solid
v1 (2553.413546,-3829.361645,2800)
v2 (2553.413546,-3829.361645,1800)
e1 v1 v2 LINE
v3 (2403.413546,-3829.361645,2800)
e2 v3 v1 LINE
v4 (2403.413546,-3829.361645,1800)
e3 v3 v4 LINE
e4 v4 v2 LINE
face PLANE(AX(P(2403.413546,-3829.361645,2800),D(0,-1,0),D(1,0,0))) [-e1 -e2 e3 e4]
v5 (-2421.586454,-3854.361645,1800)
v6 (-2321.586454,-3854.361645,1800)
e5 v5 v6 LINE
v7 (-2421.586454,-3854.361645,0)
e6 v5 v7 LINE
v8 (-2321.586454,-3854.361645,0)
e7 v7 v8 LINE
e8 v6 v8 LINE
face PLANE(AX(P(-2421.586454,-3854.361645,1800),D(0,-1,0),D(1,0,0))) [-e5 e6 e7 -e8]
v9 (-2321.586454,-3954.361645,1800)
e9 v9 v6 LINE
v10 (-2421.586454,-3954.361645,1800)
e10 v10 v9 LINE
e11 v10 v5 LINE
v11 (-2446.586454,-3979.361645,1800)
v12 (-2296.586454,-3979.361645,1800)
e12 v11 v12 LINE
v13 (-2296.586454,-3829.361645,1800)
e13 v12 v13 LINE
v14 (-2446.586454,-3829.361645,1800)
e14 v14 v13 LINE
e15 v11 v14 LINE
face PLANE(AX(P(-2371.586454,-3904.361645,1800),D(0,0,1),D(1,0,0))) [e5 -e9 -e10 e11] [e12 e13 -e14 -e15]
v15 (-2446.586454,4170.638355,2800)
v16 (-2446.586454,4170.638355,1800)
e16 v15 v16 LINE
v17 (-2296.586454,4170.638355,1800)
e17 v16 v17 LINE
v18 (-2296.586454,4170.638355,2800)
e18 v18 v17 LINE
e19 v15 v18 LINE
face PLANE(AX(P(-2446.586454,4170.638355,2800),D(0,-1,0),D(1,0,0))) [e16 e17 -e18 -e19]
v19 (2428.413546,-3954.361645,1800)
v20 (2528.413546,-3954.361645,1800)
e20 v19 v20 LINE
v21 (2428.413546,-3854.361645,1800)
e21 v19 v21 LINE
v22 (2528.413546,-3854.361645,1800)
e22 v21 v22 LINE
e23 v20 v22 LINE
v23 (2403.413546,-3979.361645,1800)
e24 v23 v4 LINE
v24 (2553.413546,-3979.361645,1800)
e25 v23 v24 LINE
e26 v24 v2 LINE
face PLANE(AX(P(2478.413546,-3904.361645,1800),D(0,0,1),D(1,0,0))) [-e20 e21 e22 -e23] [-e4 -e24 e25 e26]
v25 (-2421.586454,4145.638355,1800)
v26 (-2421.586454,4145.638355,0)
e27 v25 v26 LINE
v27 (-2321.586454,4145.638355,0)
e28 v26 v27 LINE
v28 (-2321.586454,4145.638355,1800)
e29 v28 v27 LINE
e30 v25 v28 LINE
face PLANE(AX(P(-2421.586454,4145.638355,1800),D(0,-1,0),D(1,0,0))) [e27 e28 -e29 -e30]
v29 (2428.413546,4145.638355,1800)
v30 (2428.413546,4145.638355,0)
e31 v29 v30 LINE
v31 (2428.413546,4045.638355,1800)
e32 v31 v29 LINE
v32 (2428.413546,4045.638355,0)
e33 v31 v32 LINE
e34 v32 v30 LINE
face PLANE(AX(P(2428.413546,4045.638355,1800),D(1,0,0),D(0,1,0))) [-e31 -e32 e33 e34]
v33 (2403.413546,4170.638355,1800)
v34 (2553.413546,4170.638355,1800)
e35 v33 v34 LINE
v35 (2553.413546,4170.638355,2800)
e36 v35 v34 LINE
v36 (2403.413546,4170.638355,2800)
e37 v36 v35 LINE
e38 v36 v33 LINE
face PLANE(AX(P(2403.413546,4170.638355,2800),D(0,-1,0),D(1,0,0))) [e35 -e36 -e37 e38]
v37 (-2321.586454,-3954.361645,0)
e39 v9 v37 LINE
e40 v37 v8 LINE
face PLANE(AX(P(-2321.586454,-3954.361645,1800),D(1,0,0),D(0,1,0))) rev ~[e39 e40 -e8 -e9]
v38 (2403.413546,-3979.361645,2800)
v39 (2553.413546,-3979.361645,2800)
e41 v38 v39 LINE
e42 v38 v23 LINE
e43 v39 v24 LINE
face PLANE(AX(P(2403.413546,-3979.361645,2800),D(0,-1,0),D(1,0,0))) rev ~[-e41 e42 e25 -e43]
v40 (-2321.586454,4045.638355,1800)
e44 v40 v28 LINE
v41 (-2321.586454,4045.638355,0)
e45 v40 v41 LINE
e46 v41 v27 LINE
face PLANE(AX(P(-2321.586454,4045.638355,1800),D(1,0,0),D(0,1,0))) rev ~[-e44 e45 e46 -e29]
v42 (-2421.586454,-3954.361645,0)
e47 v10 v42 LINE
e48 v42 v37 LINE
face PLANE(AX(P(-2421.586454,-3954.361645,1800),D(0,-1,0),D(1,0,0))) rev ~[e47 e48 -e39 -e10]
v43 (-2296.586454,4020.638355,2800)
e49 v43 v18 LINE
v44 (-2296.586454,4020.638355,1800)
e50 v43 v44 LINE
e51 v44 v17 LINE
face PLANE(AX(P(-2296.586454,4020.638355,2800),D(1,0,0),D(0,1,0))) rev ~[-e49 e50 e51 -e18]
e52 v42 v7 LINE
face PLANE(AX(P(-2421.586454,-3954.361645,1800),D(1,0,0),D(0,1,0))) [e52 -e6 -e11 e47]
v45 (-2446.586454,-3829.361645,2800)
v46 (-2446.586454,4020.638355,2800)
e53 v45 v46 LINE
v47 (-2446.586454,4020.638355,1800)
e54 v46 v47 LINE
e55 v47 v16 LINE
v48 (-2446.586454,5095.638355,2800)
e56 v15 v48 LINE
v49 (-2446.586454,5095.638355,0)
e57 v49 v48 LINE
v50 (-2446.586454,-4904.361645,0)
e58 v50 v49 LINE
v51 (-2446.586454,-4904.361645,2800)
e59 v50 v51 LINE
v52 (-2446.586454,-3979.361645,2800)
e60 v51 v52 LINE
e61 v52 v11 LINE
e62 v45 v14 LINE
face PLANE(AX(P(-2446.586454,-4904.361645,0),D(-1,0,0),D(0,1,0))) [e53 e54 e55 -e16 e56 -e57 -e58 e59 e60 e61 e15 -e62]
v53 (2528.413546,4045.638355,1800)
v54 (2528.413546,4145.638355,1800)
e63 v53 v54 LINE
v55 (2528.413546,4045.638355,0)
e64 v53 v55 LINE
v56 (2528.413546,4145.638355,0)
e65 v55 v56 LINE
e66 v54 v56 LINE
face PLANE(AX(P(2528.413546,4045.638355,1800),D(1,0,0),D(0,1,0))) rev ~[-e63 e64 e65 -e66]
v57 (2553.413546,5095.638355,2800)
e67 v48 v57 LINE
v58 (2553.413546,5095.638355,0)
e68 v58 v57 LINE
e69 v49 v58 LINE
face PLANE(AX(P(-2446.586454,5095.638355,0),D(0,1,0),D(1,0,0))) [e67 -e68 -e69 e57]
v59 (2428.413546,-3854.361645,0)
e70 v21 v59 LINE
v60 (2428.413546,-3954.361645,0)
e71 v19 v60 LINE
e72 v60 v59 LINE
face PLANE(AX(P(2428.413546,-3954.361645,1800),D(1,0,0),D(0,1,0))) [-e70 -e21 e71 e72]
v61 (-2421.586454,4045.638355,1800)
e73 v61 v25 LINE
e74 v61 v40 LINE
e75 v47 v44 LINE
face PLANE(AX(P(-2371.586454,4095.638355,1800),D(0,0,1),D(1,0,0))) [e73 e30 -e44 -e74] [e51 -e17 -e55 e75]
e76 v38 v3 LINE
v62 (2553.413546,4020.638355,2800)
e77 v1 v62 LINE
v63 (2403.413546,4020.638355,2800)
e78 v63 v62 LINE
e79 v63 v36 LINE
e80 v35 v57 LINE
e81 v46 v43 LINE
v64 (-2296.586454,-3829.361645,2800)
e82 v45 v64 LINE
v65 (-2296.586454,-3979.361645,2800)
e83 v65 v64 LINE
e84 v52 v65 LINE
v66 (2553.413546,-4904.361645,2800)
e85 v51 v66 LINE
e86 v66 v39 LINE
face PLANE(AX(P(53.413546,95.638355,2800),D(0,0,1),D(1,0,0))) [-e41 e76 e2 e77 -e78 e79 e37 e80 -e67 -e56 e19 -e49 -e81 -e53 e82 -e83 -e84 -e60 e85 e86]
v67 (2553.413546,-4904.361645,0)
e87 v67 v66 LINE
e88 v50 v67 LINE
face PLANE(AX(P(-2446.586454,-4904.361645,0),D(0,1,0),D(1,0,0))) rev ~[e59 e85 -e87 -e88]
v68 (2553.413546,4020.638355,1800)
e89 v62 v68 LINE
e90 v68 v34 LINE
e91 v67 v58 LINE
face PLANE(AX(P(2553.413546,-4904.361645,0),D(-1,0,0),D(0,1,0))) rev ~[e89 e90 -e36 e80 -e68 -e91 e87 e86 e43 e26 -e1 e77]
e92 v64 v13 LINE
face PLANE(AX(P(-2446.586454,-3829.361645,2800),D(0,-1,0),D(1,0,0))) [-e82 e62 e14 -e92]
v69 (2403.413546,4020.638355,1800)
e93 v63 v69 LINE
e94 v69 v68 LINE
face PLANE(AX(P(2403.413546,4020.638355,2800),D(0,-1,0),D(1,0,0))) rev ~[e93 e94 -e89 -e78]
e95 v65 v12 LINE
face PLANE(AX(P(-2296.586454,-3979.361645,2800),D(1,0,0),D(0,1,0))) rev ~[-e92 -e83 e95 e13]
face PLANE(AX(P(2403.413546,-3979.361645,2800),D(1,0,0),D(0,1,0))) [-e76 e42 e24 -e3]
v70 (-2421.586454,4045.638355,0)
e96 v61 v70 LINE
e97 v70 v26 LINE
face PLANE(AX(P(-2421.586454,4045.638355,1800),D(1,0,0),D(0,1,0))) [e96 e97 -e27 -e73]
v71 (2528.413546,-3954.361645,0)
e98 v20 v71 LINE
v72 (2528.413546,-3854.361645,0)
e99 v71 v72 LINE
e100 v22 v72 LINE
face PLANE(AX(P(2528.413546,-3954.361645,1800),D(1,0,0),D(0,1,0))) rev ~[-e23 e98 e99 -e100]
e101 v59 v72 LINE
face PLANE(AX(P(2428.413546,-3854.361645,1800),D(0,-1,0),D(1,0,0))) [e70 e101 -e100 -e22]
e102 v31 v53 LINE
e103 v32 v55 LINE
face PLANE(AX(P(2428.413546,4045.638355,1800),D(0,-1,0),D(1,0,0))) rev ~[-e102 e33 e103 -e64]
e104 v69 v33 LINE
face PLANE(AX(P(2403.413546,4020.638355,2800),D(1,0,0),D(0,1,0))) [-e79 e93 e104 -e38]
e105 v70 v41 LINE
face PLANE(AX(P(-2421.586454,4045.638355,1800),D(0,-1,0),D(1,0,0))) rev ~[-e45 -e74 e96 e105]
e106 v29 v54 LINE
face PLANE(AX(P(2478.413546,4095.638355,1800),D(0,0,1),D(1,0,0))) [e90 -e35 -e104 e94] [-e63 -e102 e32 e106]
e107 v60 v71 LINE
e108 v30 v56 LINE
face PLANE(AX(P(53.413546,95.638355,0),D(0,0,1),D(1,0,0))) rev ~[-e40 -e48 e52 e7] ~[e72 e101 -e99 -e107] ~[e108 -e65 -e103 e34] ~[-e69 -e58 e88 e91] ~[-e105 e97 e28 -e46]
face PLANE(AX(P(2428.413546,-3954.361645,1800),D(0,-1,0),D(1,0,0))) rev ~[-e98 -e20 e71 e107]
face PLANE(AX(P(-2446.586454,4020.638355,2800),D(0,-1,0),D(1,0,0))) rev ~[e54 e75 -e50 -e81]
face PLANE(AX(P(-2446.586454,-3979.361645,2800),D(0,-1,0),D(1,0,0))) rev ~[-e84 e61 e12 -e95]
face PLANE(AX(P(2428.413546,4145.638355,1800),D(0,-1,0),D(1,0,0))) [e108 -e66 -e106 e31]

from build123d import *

# Parameters (mm, degrees)
F0_W     = 5000
F0_H     = 10000
F1_DEPTH = 2800
F2_W     = 150
F2_H     = 150
F3_DEPTH = 1000
F4_W     = 100
F4_H     = 100
F5_DEPTH = 1800


with BuildPart() as f1:
    # F0 (on Top) → F1 (new body)
    with BuildSketch(Plane.XY):
        with Locations((53.413546, 95.638355)):
            Rectangle(F0_W, F0_H)
    extrude(amount=F1_DEPTH)

    # F2 (on face) → F3 (cut)
    with BuildSketch(Plane.XY.offset(2800)):
        with Locations((-2371.586454, 4095.638355)):
            Rectangle(F2_W, F2_H)
        with Locations((2478.413546, 4095.638355)):
            Rectangle(F2_W, F2_H)
        with Locations((2478.413546, -3904.361645)):
            Rectangle(F2_W, F2_H)
        with Locations((-2371.586454, -3904.361645)):
            Rectangle(F2_W, F2_H)
    extrude(amount=-F3_DEPTH, mode=Mode.SUBTRACT)

    # F4 (on face) → F5 (cut)
    with BuildSketch(Plane.XY.offset(1800)):
        with Locations((2478.413546, 4095.638355)):
            Rectangle(F4_W, F4_H)
        with Locations((-2371.586454, 4095.638355)):
            Rectangle(F4_W, F4_H)
        with Locations((-2371.586454, -3904.361645)):
            Rectangle(F4_W, F4_H)
        with Locations((2478.413546, -3904.361645)):
            Rectangle(F4_W, F4_H)
    extrude(amount=-F5_DEPTH, mode=Mode.SUBTRACT)


solid = f1.part
